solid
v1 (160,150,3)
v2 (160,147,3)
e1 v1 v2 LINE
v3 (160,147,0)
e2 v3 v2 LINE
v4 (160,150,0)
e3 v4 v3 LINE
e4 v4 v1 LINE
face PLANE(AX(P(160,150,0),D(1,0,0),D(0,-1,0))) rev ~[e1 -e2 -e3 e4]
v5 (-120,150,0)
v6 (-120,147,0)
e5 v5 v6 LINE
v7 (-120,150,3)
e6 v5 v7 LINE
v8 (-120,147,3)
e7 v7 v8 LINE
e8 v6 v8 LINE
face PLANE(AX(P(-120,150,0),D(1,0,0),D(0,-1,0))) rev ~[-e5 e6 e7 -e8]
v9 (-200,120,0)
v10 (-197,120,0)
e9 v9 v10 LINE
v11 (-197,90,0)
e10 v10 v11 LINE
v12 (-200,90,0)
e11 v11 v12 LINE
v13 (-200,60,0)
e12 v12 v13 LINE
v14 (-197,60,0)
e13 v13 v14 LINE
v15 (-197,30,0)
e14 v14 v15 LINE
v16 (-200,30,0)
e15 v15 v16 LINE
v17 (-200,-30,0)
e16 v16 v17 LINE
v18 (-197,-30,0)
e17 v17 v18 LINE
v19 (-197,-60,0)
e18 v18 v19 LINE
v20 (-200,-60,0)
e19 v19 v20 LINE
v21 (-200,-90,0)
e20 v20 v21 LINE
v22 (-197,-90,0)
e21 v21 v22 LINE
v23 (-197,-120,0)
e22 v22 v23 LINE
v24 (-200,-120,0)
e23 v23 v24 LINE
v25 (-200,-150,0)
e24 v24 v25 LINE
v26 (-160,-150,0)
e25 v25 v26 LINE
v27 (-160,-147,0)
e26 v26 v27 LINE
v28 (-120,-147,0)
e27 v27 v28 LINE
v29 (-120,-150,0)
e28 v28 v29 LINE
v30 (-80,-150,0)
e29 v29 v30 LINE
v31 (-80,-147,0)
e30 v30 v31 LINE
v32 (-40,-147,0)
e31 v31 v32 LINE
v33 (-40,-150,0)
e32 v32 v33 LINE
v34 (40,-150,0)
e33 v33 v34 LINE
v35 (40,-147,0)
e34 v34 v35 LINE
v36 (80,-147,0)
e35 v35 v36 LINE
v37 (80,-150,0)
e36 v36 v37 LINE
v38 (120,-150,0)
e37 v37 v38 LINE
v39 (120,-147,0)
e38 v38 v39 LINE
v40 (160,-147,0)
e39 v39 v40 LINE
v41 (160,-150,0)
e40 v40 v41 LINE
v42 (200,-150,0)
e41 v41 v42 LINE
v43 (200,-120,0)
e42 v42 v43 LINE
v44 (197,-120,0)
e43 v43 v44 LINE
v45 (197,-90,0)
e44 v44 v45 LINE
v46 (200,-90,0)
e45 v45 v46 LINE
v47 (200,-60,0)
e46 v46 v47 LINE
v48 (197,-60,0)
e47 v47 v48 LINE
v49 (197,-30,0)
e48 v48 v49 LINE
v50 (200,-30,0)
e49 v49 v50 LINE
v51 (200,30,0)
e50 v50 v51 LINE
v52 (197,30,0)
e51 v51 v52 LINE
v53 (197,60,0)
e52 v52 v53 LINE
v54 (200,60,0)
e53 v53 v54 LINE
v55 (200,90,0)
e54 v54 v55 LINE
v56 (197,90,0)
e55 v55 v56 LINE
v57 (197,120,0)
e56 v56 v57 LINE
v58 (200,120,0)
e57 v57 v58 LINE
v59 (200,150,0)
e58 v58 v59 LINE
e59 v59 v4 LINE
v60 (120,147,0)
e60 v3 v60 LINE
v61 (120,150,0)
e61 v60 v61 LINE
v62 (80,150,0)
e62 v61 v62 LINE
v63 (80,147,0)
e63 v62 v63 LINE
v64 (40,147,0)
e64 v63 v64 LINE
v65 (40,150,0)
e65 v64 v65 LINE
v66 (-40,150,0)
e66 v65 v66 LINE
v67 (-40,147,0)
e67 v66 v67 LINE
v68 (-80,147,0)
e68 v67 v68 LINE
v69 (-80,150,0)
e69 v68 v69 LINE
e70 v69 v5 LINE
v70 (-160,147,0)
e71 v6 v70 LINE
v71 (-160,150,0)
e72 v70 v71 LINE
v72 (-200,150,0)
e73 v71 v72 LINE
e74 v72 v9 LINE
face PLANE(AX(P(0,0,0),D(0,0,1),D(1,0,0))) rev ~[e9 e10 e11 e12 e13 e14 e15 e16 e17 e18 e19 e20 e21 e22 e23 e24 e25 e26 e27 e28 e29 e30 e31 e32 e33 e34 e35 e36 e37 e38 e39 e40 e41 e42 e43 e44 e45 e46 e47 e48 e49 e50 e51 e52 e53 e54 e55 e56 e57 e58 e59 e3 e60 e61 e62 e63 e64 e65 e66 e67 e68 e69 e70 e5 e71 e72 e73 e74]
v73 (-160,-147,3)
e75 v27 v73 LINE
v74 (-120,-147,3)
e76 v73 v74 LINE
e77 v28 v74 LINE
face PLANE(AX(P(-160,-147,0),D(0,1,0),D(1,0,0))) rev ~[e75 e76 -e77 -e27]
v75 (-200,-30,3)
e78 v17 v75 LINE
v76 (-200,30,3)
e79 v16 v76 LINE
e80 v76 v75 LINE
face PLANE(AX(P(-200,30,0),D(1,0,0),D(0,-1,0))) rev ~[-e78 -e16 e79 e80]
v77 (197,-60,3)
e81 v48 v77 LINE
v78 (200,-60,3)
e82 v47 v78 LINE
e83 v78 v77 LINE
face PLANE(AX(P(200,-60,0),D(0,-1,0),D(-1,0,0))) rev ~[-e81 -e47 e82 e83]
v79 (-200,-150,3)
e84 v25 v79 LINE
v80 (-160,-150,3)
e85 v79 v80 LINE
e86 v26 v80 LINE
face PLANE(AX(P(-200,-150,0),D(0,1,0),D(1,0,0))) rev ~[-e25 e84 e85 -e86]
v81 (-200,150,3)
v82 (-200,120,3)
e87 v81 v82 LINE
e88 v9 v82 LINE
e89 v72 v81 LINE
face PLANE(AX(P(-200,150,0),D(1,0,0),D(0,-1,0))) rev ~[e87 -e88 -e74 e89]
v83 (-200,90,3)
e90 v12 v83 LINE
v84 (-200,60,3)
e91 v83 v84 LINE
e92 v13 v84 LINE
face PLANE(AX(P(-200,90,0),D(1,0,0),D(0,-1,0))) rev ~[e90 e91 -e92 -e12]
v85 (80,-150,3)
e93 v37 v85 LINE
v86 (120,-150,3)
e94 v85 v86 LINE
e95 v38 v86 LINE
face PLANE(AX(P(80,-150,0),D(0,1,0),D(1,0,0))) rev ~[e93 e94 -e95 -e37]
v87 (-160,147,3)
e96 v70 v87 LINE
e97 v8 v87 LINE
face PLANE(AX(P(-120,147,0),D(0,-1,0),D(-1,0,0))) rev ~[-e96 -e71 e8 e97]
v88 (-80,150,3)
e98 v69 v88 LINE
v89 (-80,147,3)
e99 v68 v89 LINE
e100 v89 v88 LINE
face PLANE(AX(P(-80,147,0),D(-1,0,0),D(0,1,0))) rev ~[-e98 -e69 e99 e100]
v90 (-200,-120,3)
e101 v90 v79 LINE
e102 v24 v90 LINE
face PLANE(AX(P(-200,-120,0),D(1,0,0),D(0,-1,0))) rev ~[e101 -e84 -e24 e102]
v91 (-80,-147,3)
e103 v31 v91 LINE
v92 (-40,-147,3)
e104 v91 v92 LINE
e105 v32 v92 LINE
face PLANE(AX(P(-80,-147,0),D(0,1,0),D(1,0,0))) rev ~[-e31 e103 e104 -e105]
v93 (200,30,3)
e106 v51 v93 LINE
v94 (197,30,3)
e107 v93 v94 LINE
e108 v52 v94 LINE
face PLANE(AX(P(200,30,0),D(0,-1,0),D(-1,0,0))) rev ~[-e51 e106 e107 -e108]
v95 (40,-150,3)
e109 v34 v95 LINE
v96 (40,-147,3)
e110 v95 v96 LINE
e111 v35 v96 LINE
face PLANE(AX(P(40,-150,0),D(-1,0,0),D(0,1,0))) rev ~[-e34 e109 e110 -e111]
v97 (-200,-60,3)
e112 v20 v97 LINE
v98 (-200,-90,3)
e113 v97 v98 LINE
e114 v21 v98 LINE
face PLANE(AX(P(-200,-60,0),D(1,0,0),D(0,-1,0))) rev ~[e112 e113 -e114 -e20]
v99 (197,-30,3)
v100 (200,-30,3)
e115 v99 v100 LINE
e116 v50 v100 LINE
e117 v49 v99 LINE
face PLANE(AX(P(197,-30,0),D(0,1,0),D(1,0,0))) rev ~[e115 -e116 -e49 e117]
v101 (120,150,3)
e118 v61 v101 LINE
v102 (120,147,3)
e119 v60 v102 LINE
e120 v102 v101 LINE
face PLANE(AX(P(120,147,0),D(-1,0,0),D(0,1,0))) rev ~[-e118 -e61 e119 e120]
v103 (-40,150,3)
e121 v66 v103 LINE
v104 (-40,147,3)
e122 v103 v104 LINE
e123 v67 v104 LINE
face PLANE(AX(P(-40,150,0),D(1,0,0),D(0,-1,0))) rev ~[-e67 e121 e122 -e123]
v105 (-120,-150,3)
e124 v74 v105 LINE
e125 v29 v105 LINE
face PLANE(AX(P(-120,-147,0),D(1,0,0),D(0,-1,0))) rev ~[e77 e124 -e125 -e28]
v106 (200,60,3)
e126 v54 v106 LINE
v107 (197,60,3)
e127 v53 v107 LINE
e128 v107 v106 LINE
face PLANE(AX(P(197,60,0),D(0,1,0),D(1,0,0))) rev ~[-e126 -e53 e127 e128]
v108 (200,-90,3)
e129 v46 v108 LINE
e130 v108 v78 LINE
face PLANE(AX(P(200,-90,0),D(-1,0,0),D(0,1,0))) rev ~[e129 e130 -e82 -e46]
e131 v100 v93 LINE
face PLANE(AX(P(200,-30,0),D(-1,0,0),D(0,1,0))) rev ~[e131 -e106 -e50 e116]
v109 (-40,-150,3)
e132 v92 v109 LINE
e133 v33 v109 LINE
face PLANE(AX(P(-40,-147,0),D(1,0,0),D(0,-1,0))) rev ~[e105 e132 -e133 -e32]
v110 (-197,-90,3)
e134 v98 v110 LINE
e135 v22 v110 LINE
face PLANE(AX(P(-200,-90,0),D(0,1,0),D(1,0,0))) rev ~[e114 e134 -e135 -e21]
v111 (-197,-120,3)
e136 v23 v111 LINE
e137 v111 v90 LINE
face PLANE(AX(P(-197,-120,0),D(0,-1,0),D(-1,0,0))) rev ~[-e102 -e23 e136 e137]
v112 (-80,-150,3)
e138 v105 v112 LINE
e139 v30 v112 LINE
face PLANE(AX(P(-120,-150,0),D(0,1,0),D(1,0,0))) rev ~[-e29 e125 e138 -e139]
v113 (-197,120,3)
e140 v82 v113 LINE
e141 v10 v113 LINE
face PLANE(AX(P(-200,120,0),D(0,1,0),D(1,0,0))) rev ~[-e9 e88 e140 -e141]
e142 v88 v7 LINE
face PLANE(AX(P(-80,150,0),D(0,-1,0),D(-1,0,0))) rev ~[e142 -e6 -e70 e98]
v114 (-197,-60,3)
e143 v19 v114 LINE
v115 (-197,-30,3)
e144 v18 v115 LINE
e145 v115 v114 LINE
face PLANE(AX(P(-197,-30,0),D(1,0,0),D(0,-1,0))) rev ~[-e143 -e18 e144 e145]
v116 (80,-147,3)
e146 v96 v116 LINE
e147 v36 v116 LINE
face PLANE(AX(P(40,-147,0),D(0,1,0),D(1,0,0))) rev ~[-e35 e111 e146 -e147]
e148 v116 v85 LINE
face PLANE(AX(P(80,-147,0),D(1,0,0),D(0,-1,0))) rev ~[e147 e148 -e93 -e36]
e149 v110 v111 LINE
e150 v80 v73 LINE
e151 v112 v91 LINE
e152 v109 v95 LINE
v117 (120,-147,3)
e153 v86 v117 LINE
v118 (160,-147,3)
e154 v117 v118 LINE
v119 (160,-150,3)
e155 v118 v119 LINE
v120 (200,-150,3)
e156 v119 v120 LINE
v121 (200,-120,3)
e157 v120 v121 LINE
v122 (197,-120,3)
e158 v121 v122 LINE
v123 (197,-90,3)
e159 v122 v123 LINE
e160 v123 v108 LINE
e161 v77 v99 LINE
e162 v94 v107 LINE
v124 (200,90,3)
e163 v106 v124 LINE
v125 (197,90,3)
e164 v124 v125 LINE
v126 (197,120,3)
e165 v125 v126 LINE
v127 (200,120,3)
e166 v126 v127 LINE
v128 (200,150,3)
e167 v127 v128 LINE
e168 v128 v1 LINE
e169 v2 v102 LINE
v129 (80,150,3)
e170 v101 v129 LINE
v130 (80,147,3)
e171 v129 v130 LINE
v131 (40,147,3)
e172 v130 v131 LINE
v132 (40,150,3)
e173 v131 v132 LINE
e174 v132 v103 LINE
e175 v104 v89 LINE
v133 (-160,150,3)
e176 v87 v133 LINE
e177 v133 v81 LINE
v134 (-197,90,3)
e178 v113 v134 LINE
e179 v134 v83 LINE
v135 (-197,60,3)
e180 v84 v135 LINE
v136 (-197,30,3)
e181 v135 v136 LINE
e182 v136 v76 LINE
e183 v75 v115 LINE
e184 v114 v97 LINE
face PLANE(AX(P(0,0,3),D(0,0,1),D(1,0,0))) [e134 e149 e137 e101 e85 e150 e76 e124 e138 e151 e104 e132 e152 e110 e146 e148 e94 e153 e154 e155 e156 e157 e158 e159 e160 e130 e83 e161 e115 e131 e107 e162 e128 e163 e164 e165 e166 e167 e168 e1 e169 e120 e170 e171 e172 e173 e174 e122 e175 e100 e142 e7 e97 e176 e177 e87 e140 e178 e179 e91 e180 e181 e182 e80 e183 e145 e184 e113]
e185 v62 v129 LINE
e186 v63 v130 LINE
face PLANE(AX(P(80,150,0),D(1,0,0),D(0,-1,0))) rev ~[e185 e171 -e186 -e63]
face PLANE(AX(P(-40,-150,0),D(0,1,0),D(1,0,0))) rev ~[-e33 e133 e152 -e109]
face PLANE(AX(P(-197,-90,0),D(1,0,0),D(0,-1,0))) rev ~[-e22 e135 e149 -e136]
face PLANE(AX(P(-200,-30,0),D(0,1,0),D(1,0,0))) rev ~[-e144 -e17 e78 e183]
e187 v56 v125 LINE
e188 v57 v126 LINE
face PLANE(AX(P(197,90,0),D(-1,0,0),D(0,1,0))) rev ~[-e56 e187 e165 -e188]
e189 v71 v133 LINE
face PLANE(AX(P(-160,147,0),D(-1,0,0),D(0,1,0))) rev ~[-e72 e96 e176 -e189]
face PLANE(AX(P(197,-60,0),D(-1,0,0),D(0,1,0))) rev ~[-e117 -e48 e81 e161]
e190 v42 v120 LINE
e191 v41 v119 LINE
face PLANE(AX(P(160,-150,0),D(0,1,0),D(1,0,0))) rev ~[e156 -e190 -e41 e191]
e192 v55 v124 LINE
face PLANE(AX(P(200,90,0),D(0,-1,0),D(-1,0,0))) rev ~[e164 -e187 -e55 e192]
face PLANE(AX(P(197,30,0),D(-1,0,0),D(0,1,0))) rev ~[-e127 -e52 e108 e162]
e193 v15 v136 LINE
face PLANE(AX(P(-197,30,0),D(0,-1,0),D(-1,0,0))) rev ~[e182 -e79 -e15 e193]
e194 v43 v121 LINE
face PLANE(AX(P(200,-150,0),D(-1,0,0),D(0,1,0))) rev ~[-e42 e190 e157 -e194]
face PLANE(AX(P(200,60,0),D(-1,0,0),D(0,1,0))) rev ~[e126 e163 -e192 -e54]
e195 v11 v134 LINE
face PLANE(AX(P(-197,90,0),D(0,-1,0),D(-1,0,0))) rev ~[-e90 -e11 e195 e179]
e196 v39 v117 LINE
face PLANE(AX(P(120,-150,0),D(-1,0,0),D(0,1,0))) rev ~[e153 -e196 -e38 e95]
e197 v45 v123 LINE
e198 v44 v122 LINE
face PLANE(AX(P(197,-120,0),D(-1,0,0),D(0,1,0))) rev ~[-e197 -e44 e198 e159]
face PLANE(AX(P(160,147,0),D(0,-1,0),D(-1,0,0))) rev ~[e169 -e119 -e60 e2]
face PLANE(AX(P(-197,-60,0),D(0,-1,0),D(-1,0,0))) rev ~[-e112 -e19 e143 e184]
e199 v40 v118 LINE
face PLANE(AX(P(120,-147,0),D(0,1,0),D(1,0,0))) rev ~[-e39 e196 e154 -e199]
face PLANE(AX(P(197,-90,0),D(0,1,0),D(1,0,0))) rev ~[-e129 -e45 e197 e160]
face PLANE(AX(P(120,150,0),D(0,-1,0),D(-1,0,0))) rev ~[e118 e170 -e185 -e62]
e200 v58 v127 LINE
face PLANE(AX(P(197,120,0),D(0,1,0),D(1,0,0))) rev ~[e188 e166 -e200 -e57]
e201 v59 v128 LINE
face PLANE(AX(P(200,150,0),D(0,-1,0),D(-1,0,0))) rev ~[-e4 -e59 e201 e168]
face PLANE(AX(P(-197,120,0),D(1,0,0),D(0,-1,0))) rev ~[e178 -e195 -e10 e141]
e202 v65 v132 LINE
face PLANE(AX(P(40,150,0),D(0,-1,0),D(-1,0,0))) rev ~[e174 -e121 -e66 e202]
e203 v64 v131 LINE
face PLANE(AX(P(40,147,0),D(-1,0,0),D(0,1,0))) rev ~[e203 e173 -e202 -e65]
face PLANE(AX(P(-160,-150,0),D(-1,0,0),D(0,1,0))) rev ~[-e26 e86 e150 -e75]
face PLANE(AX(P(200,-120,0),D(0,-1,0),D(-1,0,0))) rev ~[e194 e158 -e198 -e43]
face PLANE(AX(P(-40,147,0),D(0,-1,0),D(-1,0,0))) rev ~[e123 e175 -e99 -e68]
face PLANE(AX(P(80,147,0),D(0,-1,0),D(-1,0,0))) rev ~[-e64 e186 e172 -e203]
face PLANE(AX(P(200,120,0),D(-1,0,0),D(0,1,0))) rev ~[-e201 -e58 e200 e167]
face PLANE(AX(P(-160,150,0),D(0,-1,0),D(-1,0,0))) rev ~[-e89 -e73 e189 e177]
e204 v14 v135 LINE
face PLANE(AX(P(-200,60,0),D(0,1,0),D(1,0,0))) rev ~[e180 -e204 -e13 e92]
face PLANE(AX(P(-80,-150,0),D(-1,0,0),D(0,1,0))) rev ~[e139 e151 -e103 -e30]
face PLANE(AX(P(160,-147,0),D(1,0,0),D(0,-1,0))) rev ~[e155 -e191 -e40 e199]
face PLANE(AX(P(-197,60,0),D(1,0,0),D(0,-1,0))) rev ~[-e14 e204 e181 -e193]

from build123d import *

# Parameters (mm, degrees)
F1_DEPTH = 3


with BuildPart() as f1:
    # F0 (on Top) → F1 (new body)
    with BuildSketch(Plane.XY):
        Polygon((-200, -150), (-160, -150), (-160, -147), (-120, -147), (-120, -150), (-80, -150), (-80, -147), (-40, -147), (-40, -150), (40, -150), (40, -147), (80, -147), (80, -150), (120, -150), (120, -147), (160, -147), (160, -150), (200, -150), (200, -120), (197, -120), (197, -90), (200, -90), (200, -60), (197, -60), (197, -30), (200, -30), (200, 30), (197, 30), (197, 60), (200, 60), (200, 90), (197, 90), (197, 120), (200, 120), (200, 150), (160, 150), (160, 147), (120, 147), (120, 150), (80, 150), (80, 147), (40, 147), (40, 150), (-40, 150), (-40, 147), (-80, 147), (-80, 150), (-120, 150), (-120, 147), (-160, 147), (-160, 150), (-200, 150), (-200, 120), (-197, 120), (-197, 90), (-200, 90), (-200, 60), (-197, 60), (-197, 30), (-200, 30), (-200, -30), (-197, -30), (-197, -60), (-200, -60), (-200, -90), (-197, -90), (-197, -120), (-200, -120), align=None)
    extrude(amount=F1_DEPTH)


solid = f1.part
